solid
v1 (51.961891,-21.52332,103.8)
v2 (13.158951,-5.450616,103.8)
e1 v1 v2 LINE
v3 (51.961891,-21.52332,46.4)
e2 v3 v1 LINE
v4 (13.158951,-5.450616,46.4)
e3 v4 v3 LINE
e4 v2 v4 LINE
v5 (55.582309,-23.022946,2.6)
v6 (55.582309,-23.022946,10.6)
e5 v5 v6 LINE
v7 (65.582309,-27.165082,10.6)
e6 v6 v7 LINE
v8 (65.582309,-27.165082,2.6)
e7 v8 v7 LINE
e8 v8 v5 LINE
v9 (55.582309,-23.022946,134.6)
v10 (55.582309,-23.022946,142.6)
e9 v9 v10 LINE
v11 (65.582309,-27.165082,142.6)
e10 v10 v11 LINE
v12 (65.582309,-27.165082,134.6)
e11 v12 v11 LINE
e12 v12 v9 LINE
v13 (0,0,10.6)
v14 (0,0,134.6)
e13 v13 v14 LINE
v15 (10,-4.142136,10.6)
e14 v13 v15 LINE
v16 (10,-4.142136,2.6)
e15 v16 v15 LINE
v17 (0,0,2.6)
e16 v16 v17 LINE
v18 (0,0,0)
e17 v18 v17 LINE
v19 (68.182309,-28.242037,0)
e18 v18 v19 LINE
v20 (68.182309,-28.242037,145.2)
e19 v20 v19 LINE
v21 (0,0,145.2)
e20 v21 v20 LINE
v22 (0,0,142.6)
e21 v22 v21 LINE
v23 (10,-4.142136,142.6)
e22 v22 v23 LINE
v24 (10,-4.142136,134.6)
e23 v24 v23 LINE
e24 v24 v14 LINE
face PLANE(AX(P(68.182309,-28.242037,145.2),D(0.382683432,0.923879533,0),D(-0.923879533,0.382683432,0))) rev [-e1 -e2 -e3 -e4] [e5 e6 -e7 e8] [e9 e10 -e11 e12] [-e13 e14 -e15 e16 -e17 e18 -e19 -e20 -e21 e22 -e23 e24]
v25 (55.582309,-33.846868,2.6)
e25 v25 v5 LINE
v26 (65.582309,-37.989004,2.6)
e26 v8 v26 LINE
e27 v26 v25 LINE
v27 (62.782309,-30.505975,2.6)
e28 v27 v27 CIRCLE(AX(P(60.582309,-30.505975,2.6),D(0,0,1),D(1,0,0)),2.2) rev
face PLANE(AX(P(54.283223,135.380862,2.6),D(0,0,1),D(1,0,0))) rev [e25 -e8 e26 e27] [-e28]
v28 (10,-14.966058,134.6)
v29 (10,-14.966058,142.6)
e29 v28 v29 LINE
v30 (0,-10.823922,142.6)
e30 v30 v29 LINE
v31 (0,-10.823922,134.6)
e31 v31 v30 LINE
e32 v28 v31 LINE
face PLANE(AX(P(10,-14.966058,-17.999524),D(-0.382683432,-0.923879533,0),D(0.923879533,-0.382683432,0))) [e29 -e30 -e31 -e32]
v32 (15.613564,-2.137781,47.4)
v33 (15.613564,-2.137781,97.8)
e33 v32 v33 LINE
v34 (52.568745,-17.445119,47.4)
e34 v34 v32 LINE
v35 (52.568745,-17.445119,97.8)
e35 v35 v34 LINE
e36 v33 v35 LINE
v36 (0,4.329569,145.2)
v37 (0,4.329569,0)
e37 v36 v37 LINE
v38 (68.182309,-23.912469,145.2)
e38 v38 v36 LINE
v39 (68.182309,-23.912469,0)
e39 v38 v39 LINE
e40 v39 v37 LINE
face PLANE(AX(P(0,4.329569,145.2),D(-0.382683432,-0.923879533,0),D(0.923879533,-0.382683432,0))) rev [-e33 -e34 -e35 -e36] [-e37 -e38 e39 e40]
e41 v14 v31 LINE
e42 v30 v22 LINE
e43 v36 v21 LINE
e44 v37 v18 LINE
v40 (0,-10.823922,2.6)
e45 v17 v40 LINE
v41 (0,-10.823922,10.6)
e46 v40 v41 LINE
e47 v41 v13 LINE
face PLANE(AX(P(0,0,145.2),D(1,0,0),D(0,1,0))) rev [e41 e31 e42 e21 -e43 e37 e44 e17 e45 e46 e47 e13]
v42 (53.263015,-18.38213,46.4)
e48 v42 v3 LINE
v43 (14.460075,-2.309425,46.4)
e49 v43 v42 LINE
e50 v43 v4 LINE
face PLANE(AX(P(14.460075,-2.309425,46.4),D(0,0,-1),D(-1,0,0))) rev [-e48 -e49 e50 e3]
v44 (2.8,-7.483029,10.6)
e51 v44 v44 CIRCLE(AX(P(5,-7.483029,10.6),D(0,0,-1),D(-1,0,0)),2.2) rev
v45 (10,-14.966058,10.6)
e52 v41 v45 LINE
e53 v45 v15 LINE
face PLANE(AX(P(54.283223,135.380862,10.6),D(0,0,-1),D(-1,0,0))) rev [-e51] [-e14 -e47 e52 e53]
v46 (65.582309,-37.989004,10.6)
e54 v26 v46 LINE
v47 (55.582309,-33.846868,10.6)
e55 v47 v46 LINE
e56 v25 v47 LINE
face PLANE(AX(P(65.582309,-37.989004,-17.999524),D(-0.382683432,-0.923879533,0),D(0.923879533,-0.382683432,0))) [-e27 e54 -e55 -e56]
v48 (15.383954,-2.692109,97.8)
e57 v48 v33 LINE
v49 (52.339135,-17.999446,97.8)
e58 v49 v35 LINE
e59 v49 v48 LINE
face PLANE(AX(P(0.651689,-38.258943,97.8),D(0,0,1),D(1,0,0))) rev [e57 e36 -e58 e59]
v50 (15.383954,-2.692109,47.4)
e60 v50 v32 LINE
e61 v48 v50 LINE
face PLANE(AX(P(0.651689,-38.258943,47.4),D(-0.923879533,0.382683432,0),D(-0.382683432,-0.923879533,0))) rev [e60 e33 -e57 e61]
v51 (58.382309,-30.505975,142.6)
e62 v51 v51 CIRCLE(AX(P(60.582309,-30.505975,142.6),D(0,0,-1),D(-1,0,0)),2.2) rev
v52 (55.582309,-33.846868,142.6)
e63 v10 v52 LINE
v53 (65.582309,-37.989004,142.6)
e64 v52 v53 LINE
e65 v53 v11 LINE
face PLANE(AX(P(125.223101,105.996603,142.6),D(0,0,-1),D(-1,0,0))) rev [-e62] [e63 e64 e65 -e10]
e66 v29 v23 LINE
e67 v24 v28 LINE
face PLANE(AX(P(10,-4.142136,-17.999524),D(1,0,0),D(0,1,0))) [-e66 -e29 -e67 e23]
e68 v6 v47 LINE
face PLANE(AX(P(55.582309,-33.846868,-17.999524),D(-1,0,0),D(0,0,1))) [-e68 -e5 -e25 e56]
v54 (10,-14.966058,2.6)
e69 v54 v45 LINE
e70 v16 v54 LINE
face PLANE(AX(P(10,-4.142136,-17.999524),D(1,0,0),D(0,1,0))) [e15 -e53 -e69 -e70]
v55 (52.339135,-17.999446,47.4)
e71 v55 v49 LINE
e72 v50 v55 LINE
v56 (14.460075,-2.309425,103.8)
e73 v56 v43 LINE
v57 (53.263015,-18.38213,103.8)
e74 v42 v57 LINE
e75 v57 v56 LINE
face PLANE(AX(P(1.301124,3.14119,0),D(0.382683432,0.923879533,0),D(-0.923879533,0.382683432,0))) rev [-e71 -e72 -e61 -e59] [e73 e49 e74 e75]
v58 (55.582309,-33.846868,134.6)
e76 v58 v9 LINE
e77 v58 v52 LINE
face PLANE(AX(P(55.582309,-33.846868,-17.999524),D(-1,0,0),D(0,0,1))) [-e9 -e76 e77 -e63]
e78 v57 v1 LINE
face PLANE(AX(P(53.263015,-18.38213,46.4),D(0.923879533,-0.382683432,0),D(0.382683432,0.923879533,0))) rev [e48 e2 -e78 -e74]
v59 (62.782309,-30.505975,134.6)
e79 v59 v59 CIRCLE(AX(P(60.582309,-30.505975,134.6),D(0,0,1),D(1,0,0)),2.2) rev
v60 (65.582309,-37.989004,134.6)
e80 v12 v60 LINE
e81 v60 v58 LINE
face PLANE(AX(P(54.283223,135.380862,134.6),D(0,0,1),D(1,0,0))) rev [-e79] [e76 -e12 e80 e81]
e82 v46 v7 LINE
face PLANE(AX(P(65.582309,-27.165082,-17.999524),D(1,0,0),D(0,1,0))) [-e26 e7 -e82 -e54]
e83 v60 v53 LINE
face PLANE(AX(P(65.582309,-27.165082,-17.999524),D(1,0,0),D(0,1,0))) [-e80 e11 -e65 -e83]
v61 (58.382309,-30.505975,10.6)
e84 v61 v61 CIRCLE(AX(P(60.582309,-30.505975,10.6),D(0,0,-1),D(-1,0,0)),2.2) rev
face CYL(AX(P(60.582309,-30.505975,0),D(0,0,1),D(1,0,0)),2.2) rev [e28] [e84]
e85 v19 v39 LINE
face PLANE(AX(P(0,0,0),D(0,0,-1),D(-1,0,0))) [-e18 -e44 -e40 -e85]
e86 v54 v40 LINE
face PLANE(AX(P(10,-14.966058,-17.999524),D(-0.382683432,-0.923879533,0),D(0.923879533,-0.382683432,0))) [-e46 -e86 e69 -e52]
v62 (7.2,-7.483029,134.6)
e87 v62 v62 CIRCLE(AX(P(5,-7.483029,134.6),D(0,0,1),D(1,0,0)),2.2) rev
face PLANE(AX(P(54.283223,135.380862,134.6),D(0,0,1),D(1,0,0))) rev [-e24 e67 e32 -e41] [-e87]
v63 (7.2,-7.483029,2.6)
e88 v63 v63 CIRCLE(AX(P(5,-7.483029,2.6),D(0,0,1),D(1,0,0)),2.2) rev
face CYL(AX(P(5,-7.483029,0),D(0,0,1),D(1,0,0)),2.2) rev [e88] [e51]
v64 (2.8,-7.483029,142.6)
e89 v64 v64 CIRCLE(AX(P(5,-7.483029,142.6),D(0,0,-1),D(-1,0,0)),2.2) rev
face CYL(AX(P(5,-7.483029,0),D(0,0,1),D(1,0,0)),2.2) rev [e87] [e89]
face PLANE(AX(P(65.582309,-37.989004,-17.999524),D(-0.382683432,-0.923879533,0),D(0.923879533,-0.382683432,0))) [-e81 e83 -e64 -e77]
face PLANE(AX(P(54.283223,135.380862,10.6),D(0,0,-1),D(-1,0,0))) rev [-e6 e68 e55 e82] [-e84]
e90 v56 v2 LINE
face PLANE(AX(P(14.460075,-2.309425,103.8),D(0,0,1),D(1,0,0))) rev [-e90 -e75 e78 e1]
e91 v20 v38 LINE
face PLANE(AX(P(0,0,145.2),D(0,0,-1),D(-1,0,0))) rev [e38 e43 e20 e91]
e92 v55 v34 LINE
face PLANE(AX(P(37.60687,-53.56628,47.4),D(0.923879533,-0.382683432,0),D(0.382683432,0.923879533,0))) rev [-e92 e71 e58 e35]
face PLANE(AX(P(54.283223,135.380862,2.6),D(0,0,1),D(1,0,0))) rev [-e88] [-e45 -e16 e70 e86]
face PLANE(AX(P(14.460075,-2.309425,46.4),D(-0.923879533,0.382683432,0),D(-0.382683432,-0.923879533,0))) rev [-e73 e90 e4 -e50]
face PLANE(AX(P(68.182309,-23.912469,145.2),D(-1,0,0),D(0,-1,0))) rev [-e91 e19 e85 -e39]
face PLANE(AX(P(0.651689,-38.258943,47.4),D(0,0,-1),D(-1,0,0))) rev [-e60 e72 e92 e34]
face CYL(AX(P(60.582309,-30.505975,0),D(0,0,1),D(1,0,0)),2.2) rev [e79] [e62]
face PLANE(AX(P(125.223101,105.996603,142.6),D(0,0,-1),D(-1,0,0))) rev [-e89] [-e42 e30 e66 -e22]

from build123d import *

# Parameters (mm, degrees)
AUFSATZ_LINEAR_AUSTRAGEN1_DEPTH = 145.2
AUFSATZ_LINEAR_AUSTRAGEN2_DEPTH = 145.2
SKIZZE5_R                       = 2.2
SCHNITT_LINEAR_AUSTRAGEN1_DEPTH = 165.848511541
SCHNITT_LINEAR_AUSTRAGEN2_REACH = 166.605
SKIZZE6_W                       = 76.784770152
SKIZZE6_H                       = 124
SKIZZE6_H_2                     = 2.6
SKIZZE7_W                       = 40
SKIZZE7_H                       = 50.4
SCHNITT_LINEAR_AUSTRAGEN3_DEPTH = 166.115329215
SKIZZE8_W                       = 42
SKIZZE8_H                       = 57.4
SCHNITT_LINEAR_AUSTRAGEN4_DEPTH = 3.4


with BuildPart() as part:
    # Skizze1 → Aufsatz-Linear austragen1 (new body)
    with BuildSketch(Plane.XY):
        Polygon((0, 0), (0, 4.329568801), (68.182309499, -23.912468507), (68.182309499, -28.242037309), align=None)
    extrude(amount=AUFSATZ_LINEAR_AUSTRAGEN1_DEPTH)

    # Skizze4 → Aufsatz-Linear austragen2 (add)
    with BuildSketch(Plane.XY.offset(145.2)):
        Polygon((0, 0), (10, -4.142135624), (10, -14.966057627), (0, -10.823922003), align=None)
        Polygon((55.582309499, -23.022946423), (65.582309499, -27.165082046), (65.582309499, -37.989004049), (55.582309499, -33.846868426), align=None)
    extrude(amount=-AUFSATZ_LINEAR_AUSTRAGEN2_DEPTH)

    # Skizze5 → Schnitt-Linear austragen1 (cut, through all)
    with BuildSketch(Plane.XY.offset(145.2)):
        with Locations((5, -7.483028813)):
            Circle(SKIZZE5_R)
        with Locations((60.582309499, -30.505975236)):
            Circle(SKIZZE5_R)
    extrude(amount=-SCHNITT_LINEAR_AUSTRAGEN1_DEPTH, mode=Mode.SUBTRACT)

    # Schnitt-Linear austragen2: up to this face of the body (flat: up to its plane)
    schnitt_linear_austragen2_end = Plane(part.part.faces().sort_by_distance((32.79115475, -13.582541023, 72.6))[0])
    # Skizze6 → Schnitt-Linear austragen2 (cut, up to the picked face)
    with BuildSketch(Plane(origin=(-3.826834324, -9.238795325, 0), x_dir=(0.9238795325112881, -0.3826834323650869, 0), z_dir=(-0.3826834323650869, -0.9238795325112881, 0)), mode=Mode.PRIVATE) as schnitt_linear_austragen2_sk1:
        with Locations((36.735530827, 72.6)):
            Rectangle(SKIZZE6_W, SKIZZE6_H)
    schnitt_linear_austragen2_tool1 = split(extrude(schnitt_linear_austragen2_sk1.sketch, amount=-SCHNITT_LINEAR_AUSTRAGEN2_REACH, mode=Mode.PRIVATE), bisect_by=schnitt_linear_austragen2_end, keep=Keep.BOTH, mode=Mode.PRIVATE)
    # Skizze6 → Schnitt-Linear austragen2 (cut, up to the picked face)
    with BuildSketch(Plane(origin=(-3.826834324, -9.238795325, 0), x_dir=(0.9238795325112881, -0.3826834323650869, 0), z_dir=(-0.3826834323650869, -0.9238795325112881, 0)), mode=Mode.PRIVATE) as schnitt_linear_austragen2_sk2:
        with Locations((36.735530827, 143.9)):
            Rectangle(SKIZZE6_W, SKIZZE6_H_2)
    schnitt_linear_austragen2_tool2 = split(extrude(schnitt_linear_austragen2_sk2.sketch, amount=-SCHNITT_LINEAR_AUSTRAGEN2_REACH, mode=Mode.PRIVATE), bisect_by=schnitt_linear_austragen2_end, keep=Keep.BOTH, mode=Mode.PRIVATE)
    # Skizze6 → Schnitt-Linear austragen2 (cut, up to the picked face)
    with BuildSketch(Plane(origin=(-3.826834324, -9.238795325, 0), x_dir=(0.9238795325112881, -0.3826834323650869, 0), z_dir=(-0.3826834323650869, -0.9238795325112881, 0)), mode=Mode.PRIVATE) as schnitt_linear_austragen2_sk3:
        with Locations((36.735530827, 1.3)):
            Rectangle(SKIZZE6_W, SKIZZE6_H_2)
    schnitt_linear_austragen2_tool3 = split(extrude(schnitt_linear_austragen2_sk3.sketch, amount=-SCHNITT_LINEAR_AUSTRAGEN2_REACH, mode=Mode.PRIVATE), bisect_by=schnitt_linear_austragen2_end, keep=Keep.BOTH, mode=Mode.PRIVATE)
    add(schnitt_linear_austragen2_tool1.solids().sort_by(Axis((30.112371, -23.296874, 72.6), (0.3826834323650869, 0.9238795325112881, 0)))[0], mode=Mode.SUBTRACT)
    add(schnitt_linear_austragen2_tool2.solids().sort_by(Axis((30.112371, -23.296874, 143.9), (0.3826834323650869, 0.9238795325112881, 0)))[0], mode=Mode.SUBTRACT)
    add(schnitt_linear_austragen2_tool3.solids().sort_by(Axis((30.112371, -23.296874, 1.3), (0.3826834323650869, 0.9238795325112881, 0)))[0], mode=Mode.SUBTRACT)

    # Skizze7 → Schnitt-Linear austragen3 (cut, through all)
    with BuildSketch(Plane(origin=(1.530733729, 3.69551813, 0), x_dir=(0.9238795325112881, -0.38268343236508656, 0), z_dir=(0.38268343236508656, 0.9238795325112881, 0))):
        with Locations((35.243145751, -72.6)):
            Rectangle(SKIZZE7_W, SKIZZE7_H)
    extrude(amount=-SCHNITT_LINEAR_AUSTRAGEN3_DEPTH, mode=Mode.SUBTRACT)

    # Skizze8 → Schnitt-Linear austragen4 (cut)
    with BuildSketch(Plane(origin=(0, 0, 0), x_dir=(0.923879532511288, -0.38268343236508684, 0), z_dir=(-0.38268343236508684, -0.923879532511288, 0))):
        with Locations((35.243145751, 75.1)):
            Rectangle(SKIZZE8_W, SKIZZE8_H)
    extrude(amount=-SCHNITT_LINEAR_AUSTRAGEN4_DEPTH, mode=Mode.SUBTRACT)


solid = part.part
